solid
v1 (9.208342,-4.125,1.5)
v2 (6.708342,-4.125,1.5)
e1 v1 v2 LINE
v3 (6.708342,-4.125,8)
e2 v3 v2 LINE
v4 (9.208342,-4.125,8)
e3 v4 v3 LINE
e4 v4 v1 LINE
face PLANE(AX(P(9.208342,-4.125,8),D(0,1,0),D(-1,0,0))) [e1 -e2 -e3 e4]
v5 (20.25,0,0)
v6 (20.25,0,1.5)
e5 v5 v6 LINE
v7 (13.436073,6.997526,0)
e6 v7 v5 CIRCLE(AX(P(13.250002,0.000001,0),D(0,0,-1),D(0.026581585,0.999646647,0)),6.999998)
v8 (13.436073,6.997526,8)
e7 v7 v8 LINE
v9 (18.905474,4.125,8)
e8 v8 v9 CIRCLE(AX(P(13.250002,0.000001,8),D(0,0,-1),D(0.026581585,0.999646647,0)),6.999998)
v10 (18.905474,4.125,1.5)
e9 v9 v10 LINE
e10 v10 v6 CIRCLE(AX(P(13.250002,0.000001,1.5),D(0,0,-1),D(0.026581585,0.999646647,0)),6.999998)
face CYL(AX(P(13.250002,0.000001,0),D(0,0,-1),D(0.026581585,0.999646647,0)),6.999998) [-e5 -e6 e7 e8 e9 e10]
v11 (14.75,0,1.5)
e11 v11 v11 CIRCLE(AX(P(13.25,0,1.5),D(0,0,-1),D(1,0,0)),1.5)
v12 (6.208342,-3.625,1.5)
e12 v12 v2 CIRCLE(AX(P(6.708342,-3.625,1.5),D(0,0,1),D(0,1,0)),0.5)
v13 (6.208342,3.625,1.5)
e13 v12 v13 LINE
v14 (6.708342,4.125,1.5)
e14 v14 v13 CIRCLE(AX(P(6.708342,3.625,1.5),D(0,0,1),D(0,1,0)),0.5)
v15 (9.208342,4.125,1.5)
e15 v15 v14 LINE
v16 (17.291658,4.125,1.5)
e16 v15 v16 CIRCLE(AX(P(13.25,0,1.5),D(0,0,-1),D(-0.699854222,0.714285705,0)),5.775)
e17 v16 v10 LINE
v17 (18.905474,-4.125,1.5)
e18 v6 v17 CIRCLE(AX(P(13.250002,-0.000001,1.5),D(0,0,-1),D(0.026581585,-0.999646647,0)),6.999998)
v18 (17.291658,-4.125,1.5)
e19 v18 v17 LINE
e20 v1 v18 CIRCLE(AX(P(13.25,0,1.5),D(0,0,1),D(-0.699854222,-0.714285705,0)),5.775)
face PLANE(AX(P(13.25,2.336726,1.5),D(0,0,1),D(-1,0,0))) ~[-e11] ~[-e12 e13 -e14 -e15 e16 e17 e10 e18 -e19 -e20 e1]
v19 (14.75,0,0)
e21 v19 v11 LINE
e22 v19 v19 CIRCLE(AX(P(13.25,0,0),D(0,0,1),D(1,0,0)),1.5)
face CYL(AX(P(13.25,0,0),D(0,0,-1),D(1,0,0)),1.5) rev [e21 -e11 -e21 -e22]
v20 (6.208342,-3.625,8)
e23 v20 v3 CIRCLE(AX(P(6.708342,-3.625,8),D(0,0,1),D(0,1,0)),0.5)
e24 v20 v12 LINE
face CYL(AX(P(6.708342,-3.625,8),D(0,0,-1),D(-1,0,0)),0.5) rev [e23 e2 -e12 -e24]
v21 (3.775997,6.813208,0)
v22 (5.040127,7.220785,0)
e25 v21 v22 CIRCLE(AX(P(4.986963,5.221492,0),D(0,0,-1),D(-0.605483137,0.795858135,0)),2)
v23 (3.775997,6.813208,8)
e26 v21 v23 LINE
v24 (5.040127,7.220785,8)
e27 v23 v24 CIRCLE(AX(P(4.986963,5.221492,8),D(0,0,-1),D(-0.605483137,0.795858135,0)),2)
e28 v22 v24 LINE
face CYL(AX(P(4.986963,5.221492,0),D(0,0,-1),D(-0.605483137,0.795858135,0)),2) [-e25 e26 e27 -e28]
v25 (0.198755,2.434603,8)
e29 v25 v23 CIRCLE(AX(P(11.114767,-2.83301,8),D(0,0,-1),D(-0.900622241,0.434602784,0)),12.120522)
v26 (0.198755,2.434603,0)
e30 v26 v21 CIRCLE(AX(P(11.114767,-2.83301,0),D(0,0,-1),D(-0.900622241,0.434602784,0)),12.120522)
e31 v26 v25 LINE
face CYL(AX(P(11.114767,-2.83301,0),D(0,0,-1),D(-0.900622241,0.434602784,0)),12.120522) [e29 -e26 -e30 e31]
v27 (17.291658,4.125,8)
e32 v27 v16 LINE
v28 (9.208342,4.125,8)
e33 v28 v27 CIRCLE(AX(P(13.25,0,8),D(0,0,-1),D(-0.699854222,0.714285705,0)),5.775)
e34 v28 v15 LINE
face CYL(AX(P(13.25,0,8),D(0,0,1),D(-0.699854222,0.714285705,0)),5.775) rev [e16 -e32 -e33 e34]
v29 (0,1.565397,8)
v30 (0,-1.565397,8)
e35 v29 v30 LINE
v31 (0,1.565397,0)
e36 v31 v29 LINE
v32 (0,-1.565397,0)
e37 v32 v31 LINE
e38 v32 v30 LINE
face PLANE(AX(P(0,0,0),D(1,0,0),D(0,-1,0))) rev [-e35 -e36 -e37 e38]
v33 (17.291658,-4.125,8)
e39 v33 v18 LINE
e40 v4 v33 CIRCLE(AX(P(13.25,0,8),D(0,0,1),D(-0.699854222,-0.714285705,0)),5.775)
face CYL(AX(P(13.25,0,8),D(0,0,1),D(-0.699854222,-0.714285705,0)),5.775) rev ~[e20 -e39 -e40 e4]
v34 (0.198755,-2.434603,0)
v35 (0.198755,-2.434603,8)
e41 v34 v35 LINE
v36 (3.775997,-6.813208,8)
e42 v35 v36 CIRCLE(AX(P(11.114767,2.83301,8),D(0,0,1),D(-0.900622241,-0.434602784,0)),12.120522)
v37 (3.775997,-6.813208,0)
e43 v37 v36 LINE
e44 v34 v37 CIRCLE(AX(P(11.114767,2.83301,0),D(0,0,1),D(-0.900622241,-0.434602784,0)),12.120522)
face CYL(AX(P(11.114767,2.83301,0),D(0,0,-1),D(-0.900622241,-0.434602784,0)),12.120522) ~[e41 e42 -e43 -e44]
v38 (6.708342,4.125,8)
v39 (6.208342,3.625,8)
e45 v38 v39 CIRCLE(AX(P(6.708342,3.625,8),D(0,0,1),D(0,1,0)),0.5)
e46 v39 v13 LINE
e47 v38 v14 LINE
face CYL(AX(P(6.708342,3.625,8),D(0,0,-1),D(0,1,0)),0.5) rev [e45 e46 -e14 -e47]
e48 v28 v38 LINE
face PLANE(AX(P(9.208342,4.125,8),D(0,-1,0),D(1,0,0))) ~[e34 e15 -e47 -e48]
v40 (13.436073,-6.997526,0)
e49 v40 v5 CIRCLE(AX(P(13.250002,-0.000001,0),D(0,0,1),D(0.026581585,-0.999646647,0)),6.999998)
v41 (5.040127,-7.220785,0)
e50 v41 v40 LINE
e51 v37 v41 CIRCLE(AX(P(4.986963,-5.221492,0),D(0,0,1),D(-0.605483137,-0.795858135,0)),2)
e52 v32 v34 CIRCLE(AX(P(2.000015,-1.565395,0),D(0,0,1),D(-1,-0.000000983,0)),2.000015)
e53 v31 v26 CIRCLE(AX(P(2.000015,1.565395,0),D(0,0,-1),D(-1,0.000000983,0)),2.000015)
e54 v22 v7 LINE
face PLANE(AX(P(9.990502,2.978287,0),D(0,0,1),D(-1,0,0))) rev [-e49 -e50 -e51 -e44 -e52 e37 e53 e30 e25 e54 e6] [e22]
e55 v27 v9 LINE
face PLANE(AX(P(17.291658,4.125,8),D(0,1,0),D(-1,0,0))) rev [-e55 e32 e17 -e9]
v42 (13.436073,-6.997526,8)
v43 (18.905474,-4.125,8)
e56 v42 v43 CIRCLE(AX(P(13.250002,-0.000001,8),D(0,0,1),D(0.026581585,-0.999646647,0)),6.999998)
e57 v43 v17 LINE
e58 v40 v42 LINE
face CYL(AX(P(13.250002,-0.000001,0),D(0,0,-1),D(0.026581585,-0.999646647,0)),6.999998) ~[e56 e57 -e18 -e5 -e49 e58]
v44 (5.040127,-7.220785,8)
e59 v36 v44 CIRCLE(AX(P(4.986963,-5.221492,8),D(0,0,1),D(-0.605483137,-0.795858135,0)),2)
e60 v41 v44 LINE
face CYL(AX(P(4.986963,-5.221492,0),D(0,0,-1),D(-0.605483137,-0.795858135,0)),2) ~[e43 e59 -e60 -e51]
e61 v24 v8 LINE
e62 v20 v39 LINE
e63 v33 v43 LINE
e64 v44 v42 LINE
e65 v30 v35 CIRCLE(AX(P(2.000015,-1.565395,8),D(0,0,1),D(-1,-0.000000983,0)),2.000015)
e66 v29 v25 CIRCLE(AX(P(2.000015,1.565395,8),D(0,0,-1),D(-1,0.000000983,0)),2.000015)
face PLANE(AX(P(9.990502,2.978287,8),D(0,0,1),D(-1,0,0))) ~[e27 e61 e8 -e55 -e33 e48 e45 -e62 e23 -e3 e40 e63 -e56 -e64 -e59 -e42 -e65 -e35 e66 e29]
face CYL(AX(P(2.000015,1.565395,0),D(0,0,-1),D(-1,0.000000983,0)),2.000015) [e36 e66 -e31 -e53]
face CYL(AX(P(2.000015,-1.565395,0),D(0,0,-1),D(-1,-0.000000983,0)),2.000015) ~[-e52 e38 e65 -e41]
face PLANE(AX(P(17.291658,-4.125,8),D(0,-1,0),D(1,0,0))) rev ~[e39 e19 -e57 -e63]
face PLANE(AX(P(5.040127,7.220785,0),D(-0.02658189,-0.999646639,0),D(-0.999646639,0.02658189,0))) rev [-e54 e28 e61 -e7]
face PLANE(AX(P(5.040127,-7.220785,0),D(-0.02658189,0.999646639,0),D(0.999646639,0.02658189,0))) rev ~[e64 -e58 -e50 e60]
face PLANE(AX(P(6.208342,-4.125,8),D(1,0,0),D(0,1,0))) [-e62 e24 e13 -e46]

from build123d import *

# Parameters (mm, degrees)
PAD_DEPTH       = 8
POCKET_DEPTH    = 6.5
SKETCH_R        = 1.5
POCKET001_DEPTH = 8.001
FILLET_R        = 0.5


with BuildPart() as part:
    # Sketch004 (on XY_Plane of Origin) → Pad (new body)
    with BuildSketch(Plane.XY):
        with BuildLine():
            ThreePointArc((0.198755, -2.434603), (1.728484, -4.835416), (3.775997, -6.813208))
            ThreePointArc((3.775997, -6.813208), (4.37324, -7.125), (5.040127, -7.220785))
            Line((5.040127, -7.220785), (13.436073, -6.997526))
            ThreePointArc((13.436073, -6.997526), (18.265103, -4.883518), (20.25, 0))
            Line((0, 0), (20.25, 0))
            Line((0, 0), (0, -1.565397))
            ThreePointArc((0, -1.565397), (0.050322, -2.011217), (0.198755, -2.434603))
        make_face()
    pad = extrude(amount=PAD_DEPTH)

    # Mirrored: Pad across Sketch004 H_Axis
    add(pad.mirror(Plane.ZX))

    # Sketch005 (on Face5 of Mirrored) → Pocket (cut)
    with BuildSketch(Plane.XY.offset(8)):
        with BuildLine():
            Line((17.291658, -4.125), (20.291658, -4.125))
            Line((20.291658, -4.125), (20.291658, 0))
            Line((20.291658, 0), (6.208342, 0))
            Line((6.208342, -4.125), (6.208342, 0))
            Line((9.208342, -4.125), (6.208342, -4.125))
            ThreePointArc((9.208342, -4.125), (13.25, -5.775), (17.291658, -4.125))
        make_face()
    pocket = extrude(amount=-POCKET_DEPTH, mode=Mode.SUBTRACT)

    # Mirrored001: Pocket across Sketch005 H_Axis
    add(pocket.mirror(Plane(origin=(0, 0, 8), x_dir=(0, 0, 1), z_dir=(0, 1, 0))), mode=Mode.SUBTRACT)

    # Sketch (on XY_Plane of Origin) → Pocket001 (cut, through all)
    with BuildSketch(Plane.XY):
        with Locations((13.25, 0)):
            Circle(SKETCH_R)
    extrude(amount=POCKET001_DEPTH, mode=Mode.SUBTRACT)

    # Fillet
    fillet_edges = [part.edges().sort_by_distance(p)[0] for p in [
        (6.208342, 4.125, 4.75),
        (6.208342, -4.125, 4.75),
    ]]
    fillet(fillet_edges, radius=FILLET_R)


solid = part.part
